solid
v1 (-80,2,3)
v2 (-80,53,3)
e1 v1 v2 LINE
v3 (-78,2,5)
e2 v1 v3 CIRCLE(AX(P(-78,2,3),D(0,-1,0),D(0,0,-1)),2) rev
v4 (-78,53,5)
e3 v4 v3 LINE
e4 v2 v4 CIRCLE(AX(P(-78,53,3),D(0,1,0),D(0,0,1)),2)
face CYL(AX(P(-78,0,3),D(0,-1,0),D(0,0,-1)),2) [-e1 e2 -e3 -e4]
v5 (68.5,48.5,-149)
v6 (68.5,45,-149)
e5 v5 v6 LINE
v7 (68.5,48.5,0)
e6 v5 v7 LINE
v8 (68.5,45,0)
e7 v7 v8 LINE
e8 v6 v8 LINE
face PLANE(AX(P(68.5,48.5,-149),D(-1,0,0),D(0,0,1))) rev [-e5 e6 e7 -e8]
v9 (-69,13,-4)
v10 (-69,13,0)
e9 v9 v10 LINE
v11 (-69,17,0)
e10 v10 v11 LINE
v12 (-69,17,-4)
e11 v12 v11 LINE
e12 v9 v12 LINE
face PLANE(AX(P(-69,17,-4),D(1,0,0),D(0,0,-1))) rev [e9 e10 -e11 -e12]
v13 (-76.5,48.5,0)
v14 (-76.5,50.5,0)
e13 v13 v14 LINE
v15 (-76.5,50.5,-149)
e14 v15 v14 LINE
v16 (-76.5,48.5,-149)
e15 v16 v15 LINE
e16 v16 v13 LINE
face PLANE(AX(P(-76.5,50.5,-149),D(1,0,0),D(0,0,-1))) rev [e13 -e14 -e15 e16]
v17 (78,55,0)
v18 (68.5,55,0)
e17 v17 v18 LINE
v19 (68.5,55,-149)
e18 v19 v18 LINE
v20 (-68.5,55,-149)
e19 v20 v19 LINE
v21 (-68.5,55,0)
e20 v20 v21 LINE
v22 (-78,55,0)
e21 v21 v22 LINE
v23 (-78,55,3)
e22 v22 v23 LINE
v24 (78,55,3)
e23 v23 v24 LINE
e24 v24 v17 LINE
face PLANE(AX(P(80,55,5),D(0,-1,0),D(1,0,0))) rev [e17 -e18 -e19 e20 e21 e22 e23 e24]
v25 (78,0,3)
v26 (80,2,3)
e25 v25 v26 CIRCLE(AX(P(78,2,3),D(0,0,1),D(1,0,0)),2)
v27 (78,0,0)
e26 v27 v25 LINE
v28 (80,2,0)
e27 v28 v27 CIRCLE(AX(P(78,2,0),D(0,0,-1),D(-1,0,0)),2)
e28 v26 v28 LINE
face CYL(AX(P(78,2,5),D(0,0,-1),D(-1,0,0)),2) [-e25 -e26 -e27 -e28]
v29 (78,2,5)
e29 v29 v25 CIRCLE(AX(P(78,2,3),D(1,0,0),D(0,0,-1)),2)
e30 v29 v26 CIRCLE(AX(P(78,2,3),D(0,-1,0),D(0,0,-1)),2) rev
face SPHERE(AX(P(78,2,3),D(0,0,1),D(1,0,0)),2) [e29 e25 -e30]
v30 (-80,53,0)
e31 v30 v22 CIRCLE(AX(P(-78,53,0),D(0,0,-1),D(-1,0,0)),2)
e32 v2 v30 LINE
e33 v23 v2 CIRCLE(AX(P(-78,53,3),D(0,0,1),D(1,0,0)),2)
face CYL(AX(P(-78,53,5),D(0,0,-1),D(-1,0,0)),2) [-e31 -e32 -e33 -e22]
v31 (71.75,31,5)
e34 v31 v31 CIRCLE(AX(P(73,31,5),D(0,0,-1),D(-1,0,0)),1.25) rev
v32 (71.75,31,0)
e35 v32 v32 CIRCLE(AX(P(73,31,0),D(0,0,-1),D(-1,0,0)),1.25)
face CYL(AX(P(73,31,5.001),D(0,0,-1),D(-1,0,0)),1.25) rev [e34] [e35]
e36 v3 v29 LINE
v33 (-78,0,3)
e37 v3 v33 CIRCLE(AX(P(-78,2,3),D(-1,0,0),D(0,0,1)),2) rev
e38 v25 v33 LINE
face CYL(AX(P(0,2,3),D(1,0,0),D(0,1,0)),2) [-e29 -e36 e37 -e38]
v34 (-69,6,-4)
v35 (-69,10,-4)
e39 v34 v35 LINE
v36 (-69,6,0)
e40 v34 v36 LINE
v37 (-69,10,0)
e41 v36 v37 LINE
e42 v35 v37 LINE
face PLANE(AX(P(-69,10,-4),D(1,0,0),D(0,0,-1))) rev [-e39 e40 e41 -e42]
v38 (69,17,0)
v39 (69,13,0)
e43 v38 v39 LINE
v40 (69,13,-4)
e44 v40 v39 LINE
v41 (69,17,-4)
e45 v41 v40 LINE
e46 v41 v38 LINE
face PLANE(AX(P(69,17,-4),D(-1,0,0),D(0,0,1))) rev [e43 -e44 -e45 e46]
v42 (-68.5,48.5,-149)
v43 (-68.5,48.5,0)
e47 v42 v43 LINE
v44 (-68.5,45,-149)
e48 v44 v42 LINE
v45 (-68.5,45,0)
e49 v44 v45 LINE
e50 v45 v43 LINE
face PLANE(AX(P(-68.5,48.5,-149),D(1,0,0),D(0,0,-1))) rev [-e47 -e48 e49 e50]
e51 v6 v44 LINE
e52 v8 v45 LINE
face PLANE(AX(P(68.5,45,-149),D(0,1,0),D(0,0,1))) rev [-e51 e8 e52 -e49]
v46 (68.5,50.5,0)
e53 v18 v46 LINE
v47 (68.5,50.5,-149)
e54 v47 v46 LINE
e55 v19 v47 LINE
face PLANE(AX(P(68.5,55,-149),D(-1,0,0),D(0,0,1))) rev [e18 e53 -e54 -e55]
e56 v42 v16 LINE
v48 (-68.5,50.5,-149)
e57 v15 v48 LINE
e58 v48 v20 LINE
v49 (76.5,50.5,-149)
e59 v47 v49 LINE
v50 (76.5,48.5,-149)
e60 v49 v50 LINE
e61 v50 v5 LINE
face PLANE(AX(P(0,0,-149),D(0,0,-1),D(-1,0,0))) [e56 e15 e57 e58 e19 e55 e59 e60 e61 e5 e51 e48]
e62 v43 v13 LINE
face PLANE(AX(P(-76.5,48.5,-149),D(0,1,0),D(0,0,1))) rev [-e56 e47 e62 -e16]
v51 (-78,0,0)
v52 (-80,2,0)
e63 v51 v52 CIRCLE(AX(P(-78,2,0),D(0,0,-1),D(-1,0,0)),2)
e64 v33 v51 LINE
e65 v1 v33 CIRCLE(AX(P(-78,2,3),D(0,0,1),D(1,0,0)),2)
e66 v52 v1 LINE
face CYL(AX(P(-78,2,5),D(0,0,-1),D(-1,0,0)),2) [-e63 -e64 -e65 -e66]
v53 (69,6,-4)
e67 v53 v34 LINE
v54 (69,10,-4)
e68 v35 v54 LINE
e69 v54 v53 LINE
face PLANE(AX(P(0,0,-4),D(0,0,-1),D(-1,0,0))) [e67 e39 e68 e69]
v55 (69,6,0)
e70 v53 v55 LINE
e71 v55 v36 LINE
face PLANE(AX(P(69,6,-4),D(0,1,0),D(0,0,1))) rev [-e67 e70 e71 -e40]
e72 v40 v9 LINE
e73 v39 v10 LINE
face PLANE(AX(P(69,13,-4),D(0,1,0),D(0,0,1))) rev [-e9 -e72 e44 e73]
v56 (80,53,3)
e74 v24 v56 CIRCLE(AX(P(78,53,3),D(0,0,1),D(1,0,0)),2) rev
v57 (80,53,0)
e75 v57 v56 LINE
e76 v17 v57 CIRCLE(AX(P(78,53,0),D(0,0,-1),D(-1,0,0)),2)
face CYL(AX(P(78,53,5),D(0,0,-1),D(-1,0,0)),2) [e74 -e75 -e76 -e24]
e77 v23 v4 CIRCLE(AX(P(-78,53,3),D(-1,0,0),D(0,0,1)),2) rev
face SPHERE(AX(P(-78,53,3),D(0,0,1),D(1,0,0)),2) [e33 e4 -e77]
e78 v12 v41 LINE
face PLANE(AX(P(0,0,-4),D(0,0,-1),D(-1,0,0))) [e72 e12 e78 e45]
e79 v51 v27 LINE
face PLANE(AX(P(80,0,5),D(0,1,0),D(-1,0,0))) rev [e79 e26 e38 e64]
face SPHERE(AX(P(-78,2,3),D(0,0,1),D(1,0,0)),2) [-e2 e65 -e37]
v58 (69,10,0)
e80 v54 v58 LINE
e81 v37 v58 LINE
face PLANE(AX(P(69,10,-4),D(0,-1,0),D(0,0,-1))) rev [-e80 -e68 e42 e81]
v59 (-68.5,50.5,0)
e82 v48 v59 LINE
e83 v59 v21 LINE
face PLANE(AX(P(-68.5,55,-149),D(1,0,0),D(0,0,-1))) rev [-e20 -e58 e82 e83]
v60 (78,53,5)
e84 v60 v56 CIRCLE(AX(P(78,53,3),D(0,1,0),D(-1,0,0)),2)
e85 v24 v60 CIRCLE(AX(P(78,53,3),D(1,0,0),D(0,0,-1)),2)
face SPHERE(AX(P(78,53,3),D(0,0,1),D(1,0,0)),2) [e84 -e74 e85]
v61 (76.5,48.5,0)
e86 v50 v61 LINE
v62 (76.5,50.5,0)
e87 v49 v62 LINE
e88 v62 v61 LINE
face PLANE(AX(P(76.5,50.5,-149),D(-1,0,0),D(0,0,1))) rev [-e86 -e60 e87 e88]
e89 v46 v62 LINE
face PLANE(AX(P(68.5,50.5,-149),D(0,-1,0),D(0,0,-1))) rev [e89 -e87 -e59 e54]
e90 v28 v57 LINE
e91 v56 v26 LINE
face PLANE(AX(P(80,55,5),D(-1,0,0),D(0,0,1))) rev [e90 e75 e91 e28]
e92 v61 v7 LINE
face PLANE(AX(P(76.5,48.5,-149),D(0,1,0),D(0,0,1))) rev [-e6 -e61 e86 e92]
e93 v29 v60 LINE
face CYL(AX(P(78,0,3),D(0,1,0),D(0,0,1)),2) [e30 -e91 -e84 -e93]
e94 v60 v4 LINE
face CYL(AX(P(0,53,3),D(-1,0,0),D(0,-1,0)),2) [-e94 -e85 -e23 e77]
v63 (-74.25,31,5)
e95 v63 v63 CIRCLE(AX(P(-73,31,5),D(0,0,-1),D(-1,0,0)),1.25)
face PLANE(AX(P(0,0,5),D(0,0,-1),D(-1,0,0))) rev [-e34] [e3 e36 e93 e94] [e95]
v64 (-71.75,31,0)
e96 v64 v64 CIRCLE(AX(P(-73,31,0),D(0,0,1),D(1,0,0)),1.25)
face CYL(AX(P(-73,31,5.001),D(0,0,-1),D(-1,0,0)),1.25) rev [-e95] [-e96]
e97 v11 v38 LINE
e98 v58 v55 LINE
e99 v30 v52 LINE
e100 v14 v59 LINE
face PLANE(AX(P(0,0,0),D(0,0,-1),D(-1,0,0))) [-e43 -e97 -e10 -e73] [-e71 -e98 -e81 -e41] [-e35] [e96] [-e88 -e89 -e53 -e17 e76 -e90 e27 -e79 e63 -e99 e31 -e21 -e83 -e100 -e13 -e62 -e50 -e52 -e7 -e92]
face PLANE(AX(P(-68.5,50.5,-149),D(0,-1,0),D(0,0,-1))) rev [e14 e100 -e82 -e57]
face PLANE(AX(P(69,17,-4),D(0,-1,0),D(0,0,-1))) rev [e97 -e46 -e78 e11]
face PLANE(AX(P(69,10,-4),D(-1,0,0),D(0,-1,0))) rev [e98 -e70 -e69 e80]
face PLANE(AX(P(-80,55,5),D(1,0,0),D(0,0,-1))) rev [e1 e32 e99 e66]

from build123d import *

# Parameters (mm, degrees)
SKETCH1_W           = 160
SKETCH1_H           = 55
BOSS_EXTRUDE1_DEPTH = 5
SKETCH4_W           = 138
SKETCH4_H           = 4
BOSS_EXTRUDE3_DEPTH = 4
FILLET1_R           = 2
CUT_EXTRUDE1_REACH  = 99.211
SKETCH10_R          = 1.25
BOSS_EXTRUDE4_DEPTH = 149


with BuildPart() as part:
    # Sketch1 → Boss-Extrude1 (new body)
    with BuildSketch(Plane.XY):
        with Locations((0, 27.5)):
            Rectangle(SKETCH1_W, SKETCH1_H)
    extrude(amount=BOSS_EXTRUDE1_DEPTH)

    # Sketch4 → Boss-Extrude3 (add)
    with BuildSketch(Plane(origin=(0, 0, 0), x_dir=(-1, 0, 0), z_dir=(0, 0, -1))):
        with Locations((0, 15)):
            Rectangle(SKETCH4_W, SKETCH4_H)
        with Locations((0, 8)):
            Rectangle(SKETCH4_W, SKETCH4_H)
    extrude(amount=BOSS_EXTRUDE3_DEPTH)

    # Fillet1
    fillet1_edges = [part.edges().sort_by_distance(p)[0] for p in [
        (-80, 27.5, 5),
        (0, 0, 5),
        (80, 27.5, 5),
        (0, 55, 5),
        (80, 0, 2.5),
        (-80, 0, 2.5),
        (-80, 55, 2.5),
        (80, 55, 2.5),
    ]]
    fillet(fillet1_edges, radius=FILLET1_R)

    # Sketch10 → Cut-Extrude1 (cut, up to next)
    with BuildSketch(Plane(origin=(0, 0, 0), x_dir=(-1, 0, 0), z_dir=(0, 0, -1)), mode=Mode.PRIVATE) as cut_extrude1_sk1:
        with Locations((-73, 31)):
            Circle(SKETCH10_R)
    cut_extrude1_tool1 = extrude(cut_extrude1_sk1.sketch, amount=-CUT_EXTRUDE1_REACH, mode=Mode.PRIVATE) & part.part
    cut_extrude1 = cut_extrude1_tool1.solids().sort_by_distance((73, 31, 0))[0]
    add(cut_extrude1, mode=Mode.SUBTRACT)

    # Mirror1: Cut-Extrude1 across plane
    add(cut_extrude1.mirror(Plane(origin=(0, 0, 0), x_dir=(0, 0, 1), z_dir=(1, 0, 0))), mode=Mode.SUBTRACT)

    # Sketch13 → Boss-Extrude4 (add)
    with BuildSketch(Plane(origin=(0, 0, 0), x_dir=(-1, 0, 0), z_dir=(0, 0, -1))):
        Polygon((-68.5, 55), (-68.5, 50.5), (-76.5, 50.5), (-76.5, 48.5), (-68.5, 48.5), (-68.5, 45), (68.5, 45), (68.5, 48.5), (76.5, 48.5), (76.5, 50.5), (68.5, 50.5), (68.5, 55), align=None)
    extrude(amount=BOSS_EXTRUDE4_DEPTH)


solid = part.part
